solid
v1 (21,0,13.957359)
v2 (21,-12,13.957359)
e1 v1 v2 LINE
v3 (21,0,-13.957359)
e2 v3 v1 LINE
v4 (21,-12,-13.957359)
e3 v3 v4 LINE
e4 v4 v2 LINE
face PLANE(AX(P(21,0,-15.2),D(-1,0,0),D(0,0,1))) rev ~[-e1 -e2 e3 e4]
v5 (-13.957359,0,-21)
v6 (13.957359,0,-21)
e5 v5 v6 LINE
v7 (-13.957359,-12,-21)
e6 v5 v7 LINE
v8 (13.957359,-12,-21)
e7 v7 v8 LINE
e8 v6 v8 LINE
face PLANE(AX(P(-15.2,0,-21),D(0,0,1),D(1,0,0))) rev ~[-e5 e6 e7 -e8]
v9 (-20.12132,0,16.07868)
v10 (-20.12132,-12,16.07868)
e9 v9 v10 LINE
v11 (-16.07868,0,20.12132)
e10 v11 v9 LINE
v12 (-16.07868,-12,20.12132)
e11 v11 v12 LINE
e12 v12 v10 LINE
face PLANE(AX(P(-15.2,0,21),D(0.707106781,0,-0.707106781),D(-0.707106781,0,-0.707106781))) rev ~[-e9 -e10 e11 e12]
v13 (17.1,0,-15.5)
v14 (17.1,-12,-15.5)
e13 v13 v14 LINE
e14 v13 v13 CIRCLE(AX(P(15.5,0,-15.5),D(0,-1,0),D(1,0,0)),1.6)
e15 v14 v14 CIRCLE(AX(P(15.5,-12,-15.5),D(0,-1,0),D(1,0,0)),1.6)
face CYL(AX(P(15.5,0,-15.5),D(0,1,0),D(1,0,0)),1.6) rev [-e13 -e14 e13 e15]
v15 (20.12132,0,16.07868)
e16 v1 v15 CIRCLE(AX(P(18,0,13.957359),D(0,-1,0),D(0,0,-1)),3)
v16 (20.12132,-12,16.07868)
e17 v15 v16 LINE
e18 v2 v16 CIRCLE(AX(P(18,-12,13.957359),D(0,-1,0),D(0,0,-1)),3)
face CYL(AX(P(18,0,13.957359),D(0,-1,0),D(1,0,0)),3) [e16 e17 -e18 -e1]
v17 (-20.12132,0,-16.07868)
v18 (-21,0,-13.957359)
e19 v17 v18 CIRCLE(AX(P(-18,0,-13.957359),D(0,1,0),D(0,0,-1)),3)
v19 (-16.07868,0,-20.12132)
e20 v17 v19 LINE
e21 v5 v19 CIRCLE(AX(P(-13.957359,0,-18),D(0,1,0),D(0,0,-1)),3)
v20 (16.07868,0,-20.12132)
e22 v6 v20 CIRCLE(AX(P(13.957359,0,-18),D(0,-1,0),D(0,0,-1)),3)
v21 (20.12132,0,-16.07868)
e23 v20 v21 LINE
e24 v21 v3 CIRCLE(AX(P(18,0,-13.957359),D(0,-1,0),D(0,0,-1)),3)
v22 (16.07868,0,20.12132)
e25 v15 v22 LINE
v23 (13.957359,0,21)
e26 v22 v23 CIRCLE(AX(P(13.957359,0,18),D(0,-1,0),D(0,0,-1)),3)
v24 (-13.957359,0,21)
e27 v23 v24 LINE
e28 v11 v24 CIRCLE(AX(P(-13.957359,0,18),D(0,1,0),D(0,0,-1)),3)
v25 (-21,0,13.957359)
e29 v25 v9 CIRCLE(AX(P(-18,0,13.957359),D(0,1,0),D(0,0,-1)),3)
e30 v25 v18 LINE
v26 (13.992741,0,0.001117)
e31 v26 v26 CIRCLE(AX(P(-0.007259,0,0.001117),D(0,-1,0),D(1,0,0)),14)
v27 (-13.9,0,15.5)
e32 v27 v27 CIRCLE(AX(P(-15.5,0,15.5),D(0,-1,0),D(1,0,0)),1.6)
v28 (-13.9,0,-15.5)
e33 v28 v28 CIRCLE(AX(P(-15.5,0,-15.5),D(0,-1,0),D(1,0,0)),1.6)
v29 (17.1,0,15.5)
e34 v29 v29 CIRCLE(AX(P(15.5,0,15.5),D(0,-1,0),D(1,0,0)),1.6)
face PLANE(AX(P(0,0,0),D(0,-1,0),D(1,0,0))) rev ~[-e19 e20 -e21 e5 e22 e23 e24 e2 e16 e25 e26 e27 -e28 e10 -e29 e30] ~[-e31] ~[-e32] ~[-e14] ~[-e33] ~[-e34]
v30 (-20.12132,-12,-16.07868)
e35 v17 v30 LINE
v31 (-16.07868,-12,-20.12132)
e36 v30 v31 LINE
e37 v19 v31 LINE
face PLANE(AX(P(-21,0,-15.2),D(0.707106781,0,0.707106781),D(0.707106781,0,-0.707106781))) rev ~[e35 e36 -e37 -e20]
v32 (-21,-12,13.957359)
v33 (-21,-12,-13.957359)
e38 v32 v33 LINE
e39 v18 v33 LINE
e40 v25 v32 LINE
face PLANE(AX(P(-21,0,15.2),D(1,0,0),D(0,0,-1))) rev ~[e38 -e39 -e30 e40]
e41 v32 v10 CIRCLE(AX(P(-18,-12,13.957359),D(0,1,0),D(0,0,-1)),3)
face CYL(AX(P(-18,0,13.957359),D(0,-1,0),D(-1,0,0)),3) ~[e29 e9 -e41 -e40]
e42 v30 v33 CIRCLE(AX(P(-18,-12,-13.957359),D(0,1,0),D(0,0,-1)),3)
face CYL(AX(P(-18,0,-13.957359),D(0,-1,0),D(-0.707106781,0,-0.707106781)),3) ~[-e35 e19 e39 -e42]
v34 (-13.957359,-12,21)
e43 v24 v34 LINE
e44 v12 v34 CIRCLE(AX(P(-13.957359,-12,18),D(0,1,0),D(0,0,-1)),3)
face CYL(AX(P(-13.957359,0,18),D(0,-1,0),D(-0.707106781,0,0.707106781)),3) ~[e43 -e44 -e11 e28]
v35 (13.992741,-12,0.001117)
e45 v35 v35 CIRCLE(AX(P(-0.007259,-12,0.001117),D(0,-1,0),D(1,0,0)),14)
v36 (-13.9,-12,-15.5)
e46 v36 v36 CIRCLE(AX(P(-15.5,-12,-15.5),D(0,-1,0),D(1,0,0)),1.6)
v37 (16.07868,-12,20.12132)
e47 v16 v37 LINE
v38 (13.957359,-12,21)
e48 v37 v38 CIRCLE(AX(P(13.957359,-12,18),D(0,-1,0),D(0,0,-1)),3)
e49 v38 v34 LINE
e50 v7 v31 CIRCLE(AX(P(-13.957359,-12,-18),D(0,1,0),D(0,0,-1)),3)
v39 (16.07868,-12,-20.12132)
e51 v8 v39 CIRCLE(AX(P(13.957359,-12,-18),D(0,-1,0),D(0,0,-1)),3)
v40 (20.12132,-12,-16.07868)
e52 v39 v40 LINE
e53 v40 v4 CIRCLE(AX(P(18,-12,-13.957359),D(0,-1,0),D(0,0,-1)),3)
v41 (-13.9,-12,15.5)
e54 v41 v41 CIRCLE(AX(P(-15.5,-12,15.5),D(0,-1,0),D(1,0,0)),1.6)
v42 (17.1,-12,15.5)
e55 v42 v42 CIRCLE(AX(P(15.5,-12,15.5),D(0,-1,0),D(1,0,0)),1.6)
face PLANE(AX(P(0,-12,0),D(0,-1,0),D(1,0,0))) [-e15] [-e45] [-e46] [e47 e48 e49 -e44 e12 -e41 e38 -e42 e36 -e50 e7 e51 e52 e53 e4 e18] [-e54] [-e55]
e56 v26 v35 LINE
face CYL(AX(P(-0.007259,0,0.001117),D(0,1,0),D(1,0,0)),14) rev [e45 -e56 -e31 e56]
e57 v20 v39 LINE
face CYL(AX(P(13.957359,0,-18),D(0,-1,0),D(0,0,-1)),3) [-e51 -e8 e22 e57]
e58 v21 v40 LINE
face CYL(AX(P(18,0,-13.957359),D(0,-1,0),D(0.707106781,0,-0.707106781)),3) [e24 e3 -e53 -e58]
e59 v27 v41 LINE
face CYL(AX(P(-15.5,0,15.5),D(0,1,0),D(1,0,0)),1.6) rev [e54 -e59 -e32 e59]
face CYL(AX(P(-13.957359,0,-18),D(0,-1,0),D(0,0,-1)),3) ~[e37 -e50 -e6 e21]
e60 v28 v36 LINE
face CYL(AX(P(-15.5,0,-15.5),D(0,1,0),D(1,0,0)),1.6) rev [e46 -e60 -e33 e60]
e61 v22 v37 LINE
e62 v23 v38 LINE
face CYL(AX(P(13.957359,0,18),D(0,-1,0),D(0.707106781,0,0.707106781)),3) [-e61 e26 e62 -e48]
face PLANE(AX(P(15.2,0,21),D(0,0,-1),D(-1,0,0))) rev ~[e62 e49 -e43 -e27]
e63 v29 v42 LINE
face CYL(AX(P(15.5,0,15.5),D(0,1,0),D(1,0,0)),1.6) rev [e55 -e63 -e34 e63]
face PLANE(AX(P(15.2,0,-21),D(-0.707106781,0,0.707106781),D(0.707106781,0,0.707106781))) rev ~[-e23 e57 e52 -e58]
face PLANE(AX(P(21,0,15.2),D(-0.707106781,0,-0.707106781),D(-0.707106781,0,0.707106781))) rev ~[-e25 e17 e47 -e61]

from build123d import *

# Parameters (mm, degrees)
F0_R     = 1.6
F0_R_2   = 14
F1_DEPTH = 12
F2_R     = 3


with BuildPart() as f1:
    # F0 (on Front) → F1 (new body)
    with BuildSketch(Plane.XZ):
        Polygon((-15.2, -21), (15.2, -21), (21, -15.2), (21, 15.2), (15.2, 21), (-15.2, 21), (-21, 15.2), (-21, -15.2), align=None)
        with Locations((-15.5, -15.5)):
            Circle(F0_R, mode=Mode.SUBTRACT)
        with Locations((15.5, -15.5)):
            Circle(F0_R, mode=Mode.SUBTRACT)
        with Locations((-0.007259, 0.001117)):
            Circle(F0_R_2, mode=Mode.SUBTRACT)
        with Locations((-15.5, 15.5)):
            Circle(F0_R, mode=Mode.SUBTRACT)
        with Locations((15.5, 15.5)):
            Circle(F0_R, mode=Mode.SUBTRACT)
    extrude(amount=F1_DEPTH)

    # F2
    f2_edges = [f1.edges().sort_by_distance(p)[0] for p in [
        (-21, -6, -15.2),
        (-15.2, -6, -21),
        (15.2, -6, -21),
        (21, -6, -15.2),
        (21, -6, 15.2),
        (15.2, -6, 21),
        (-21, -6, 15.2),
        (-15.2, -6, 21),
    ]]
    fillet(f2_edges, radius=F2_R)


solid = f1.part
